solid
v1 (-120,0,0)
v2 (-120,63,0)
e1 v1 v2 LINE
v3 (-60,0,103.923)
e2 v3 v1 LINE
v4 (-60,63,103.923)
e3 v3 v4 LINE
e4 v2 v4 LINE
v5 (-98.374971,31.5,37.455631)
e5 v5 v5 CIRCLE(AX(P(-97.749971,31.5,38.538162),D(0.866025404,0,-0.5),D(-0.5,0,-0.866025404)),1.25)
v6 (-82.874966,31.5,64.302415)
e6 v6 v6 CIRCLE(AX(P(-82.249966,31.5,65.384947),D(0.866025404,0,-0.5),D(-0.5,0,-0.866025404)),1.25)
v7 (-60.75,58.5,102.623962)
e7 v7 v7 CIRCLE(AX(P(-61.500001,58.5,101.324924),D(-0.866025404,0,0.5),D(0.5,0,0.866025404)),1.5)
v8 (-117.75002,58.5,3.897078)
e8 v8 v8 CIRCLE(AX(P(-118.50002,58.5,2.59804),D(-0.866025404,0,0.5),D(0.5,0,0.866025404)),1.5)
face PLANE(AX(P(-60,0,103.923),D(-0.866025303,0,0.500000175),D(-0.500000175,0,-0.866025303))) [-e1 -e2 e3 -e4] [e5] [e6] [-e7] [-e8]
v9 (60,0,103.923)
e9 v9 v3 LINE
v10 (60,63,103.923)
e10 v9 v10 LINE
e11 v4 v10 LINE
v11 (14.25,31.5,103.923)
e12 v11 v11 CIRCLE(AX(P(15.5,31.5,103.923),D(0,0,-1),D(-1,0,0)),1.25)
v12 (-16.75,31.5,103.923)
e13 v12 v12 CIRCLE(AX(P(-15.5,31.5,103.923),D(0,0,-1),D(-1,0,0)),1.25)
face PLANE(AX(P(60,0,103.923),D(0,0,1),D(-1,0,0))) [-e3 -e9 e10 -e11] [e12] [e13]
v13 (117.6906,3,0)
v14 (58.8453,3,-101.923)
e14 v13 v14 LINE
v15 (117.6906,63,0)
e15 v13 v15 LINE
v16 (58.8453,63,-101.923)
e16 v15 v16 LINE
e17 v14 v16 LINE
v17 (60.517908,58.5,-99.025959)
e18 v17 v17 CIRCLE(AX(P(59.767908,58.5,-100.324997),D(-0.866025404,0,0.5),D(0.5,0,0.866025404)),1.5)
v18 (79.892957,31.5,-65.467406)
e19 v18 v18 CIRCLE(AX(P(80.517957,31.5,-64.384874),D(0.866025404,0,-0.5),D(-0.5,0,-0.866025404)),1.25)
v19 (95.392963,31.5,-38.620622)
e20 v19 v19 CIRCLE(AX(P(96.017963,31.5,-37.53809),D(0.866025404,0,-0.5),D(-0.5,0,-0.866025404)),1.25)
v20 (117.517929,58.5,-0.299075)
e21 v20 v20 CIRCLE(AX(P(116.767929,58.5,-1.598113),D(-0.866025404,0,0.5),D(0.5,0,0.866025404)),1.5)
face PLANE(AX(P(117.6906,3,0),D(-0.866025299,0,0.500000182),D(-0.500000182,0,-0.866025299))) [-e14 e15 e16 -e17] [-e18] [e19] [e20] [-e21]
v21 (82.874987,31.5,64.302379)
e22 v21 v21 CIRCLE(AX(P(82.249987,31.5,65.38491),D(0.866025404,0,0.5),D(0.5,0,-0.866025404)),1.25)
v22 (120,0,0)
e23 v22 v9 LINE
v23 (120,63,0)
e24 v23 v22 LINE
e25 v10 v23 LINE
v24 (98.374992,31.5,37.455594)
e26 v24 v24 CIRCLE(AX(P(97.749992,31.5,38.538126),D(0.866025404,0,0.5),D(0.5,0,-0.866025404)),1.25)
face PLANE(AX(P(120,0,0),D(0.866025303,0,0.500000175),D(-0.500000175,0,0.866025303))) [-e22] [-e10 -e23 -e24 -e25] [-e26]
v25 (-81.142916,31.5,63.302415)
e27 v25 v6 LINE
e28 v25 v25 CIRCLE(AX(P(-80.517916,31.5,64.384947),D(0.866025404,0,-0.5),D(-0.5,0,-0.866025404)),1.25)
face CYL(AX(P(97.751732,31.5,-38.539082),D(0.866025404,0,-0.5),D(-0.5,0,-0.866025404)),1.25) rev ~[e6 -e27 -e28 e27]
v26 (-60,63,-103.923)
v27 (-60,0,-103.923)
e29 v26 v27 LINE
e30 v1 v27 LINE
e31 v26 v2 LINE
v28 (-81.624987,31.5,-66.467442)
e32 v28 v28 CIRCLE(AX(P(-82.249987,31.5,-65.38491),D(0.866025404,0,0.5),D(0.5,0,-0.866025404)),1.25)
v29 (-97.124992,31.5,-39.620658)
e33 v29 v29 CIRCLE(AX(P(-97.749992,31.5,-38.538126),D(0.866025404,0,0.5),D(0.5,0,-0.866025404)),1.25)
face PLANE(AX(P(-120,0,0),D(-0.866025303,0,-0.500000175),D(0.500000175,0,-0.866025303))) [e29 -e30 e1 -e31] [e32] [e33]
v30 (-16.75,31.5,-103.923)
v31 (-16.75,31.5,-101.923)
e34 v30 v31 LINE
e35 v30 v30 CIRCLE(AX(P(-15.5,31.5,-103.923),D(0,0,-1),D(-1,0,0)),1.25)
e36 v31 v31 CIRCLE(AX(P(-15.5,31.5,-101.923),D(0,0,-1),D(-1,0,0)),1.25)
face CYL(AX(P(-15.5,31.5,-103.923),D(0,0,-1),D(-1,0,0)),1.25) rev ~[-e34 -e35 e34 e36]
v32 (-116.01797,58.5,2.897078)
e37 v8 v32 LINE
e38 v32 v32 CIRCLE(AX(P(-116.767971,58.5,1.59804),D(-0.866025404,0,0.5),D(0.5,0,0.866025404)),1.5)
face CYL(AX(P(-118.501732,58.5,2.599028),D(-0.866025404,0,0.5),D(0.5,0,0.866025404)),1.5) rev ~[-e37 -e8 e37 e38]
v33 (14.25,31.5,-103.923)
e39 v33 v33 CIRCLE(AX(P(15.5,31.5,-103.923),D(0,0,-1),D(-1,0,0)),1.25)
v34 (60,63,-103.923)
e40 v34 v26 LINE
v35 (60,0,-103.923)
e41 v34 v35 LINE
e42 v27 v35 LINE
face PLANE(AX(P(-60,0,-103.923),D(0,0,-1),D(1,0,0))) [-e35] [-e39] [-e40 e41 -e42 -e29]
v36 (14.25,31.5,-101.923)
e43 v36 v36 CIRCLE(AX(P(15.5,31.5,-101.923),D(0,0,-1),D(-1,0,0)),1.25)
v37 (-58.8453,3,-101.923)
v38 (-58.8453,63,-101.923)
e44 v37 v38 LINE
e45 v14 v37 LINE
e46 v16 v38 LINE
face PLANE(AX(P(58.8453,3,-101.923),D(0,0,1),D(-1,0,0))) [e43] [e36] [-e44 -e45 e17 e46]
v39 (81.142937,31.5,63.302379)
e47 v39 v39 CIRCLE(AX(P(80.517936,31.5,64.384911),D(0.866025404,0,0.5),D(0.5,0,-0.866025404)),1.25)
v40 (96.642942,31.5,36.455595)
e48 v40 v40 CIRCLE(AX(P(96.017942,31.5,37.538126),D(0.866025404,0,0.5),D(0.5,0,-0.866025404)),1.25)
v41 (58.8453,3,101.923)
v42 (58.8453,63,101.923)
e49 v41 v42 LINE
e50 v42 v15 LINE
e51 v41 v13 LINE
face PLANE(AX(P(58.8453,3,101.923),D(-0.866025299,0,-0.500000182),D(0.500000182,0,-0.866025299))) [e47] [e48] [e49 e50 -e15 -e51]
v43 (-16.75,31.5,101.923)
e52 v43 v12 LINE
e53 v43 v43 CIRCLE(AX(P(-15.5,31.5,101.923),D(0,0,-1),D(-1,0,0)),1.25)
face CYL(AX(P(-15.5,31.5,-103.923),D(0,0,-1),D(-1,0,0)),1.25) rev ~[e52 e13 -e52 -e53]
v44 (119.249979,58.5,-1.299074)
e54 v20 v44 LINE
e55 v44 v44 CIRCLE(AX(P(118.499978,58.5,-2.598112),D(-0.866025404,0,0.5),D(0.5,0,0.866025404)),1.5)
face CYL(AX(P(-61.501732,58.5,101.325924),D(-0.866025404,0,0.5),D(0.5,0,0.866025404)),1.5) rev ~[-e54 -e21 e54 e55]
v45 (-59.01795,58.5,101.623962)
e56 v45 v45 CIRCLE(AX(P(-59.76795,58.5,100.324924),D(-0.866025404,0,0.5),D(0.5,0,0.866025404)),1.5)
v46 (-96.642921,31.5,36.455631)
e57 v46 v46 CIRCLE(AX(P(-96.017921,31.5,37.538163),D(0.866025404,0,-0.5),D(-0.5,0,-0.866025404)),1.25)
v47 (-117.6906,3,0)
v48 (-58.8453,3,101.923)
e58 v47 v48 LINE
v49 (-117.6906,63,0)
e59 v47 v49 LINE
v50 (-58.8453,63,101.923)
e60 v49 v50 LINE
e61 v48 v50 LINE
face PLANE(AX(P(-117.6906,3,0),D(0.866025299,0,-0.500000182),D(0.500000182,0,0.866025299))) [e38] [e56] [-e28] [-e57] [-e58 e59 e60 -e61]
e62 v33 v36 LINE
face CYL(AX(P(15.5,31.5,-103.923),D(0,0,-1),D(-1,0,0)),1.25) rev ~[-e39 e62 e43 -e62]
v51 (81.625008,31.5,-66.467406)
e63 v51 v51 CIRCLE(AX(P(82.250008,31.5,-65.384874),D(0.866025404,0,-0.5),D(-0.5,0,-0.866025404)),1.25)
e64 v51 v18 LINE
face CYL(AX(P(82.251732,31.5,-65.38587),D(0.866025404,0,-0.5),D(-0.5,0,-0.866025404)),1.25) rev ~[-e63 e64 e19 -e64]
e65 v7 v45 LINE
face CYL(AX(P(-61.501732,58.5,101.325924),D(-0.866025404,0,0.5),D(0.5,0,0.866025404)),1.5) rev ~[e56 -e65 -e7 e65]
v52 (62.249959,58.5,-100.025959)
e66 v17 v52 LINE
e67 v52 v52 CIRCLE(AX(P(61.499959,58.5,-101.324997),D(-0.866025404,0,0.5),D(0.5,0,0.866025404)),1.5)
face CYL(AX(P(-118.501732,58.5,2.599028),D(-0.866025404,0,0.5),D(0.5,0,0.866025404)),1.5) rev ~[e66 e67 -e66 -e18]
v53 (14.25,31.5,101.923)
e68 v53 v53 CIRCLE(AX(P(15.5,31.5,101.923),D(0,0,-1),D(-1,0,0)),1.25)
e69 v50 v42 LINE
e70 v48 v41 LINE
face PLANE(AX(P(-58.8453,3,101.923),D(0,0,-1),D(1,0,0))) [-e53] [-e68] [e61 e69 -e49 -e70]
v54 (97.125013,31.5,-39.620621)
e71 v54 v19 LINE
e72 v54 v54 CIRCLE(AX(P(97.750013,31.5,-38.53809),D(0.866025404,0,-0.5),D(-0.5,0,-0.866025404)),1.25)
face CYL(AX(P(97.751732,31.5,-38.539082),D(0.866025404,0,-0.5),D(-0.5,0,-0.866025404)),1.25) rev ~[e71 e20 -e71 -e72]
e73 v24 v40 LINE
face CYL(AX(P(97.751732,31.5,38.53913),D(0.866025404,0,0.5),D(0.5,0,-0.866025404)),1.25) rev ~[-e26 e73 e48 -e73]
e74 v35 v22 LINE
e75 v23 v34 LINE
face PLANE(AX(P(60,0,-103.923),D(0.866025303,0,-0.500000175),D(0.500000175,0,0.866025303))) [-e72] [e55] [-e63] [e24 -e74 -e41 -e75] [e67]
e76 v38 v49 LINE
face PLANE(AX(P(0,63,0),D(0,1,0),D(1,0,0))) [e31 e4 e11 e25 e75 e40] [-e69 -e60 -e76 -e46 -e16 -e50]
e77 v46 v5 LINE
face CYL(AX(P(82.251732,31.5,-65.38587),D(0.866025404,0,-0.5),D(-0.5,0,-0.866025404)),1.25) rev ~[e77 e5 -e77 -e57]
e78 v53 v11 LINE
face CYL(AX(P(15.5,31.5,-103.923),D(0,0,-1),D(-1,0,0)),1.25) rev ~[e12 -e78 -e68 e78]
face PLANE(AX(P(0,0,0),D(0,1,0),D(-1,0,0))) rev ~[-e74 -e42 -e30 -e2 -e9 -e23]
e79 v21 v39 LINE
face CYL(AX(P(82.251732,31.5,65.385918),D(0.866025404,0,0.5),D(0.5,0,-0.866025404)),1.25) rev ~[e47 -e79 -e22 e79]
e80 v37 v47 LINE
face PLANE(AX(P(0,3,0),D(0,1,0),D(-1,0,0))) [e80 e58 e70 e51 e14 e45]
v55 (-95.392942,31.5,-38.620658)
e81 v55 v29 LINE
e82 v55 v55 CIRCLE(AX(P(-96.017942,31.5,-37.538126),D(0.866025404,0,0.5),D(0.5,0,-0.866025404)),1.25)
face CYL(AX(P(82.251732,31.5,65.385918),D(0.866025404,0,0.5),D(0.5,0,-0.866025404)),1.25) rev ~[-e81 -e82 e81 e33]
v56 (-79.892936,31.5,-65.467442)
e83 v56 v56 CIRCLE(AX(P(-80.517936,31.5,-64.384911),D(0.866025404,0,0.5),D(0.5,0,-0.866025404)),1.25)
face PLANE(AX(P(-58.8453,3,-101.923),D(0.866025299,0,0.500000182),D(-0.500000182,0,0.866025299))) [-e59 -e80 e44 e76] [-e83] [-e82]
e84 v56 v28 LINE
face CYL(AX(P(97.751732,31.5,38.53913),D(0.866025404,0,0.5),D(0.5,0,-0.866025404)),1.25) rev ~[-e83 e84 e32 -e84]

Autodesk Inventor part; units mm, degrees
ref_plane "YZ Plane" through (0, 0, 0) normal (1, 0, 0) x (0, 1, 0)
ref_plane "XZ Plane" through (0, 0, 0) normal (0, 1, 0) x (-1, 0, 0)
ref_plane "XY Plane" through (0, 0, 0) normal (0, 0, 1) x (1, 0, 0)
sketch "Boceto1" plane through (0, 0, 0) normal (0, 1, 0) x (-1, 0, 0)
  line L0 (120, 0) -> (60, -103.923)
  line L1 (60, -103.923) -> (-60, -103.923)
  line L2 (-60, -103.923) -> (-120, 0)
  line L3 (-120, 0) -> (-60, 103.923)
  line L4 (-60, 103.923) -> (60, 103.923)
  line L5 (60, 103.923) -> (120, 0)
  point P0 (0, 0)
  point P1 (0, 0)
  dimension "d0" = 120
extrude "Extrusión1" add sketch "Boceto1" along normal blind 3
sketch "Boceto2" plane through (0, 3, 0) normal (0, 1, 0) x (1, 0, 0)
  line L0 (-60, -103.923) -> (60, -103.923) projected
  line L1 (60, -103.923) -> (120, 0) projected
  line L2 (120, 0) -> (60, 103.923) projected
  line L3 (60, 103.923) -> (-60, 103.923) projected
  line L4 (-60, 103.923) -> (-120, 0) projected
  line L5 (-120, 0) -> (-60, -103.923) projected
  line L6 (-58.8453, -101.923) -> (58.8453, -101.923)
  line L7 (58.8453, -101.923) -> (117.6906, 0)
  line L8 (117.6906, 0) -> (58.8453, 101.923)
  line L9 (58.8453, 101.923) -> (-58.8453, 101.923)
  line L10 (-58.8453, 101.923) -> (-117.6906, 0)
  line L11 (-117.6906, 0) -> (-58.8453, -101.923)
  point P0 (0, 0)
  dimension "d3" = 2
extrude "Extrusión2" add sketch "Boceto2" along normal blind 60
sketch "Boceto5" plane through (120, 0, 0) normal (0.866, 0, 0.5) x (0.5, 0, -0.866)
  line L0 (-120, 0) -> (0, 0) projected
  line L1 (0, 0) -> (0, 63) projected
  line L2 (-120, 63) -> (0, 63) projected
  line L3 (-120, 0) -> (-120, 63) projected
  point P0 (-60, 0)
sketch "Boceto9" plane through (-60, 0, 103.923) normal (-0.866, 0, 0.5) x (0.5, 0, 0.866)
  circle A0 centre (-117, 58.5) radius 1.5 projected
  circle A1 centre (-3, 58.5) radius 1.5 projected
  point P0 (-60, 0)
extrude "Extrusión7" cut sketch "Boceto9" against normal blind 220
sketch "Boceto10" plane through (-120, 0, 0) normal (-0.866, 0, -0.5) x (-0.5, 0, 0.866)
  line L0 (-120, 0) -> (0, 0) projected
  line L1 (0, 0) -> (0, 63) projected
  line L2 (-120, 63) -> (0, 63) projected
  line L3 (-120, 0) -> (-120, 63) projected
  line L4 (-120, 63) -> (-120, 31.5)
  line L5 (-120, 31.5) -> (-60, 31.5)
  line L6 (-60, 31.5) -> (-60, 0)
  dimension "d19" = 31.5
  dimension "d20" = 60
sketch "Boceto12" plane through (60, 0, -103.923) normal (0, 0, -1) x (-1, 0, 0)
  line L0 (120, 0) -> (120, 63) projected
  line L1 (120, 31.5) -> (60, 31.5)
  line L2 (60, 31.5) -> (60, 0)
  dimension "d23" = 60
sketch "Boceto13" plane through (60, 0, -103.923) normal (0, 0, -1) x (-1, 0, 0)
  circle A0 centre (44.5, 31.5) radius 1.25 projected
  circle A1 centre (75.5, 31.5) radius 1.25 projected
  point P0 (60, 0)
extrude "Extrusión9" cut sketch "Boceto13" against normal blind 220
sketch "Boceto14" plane through (60, 0, -103.923) normal (0.866, 0, -0.5) x (-0.5, 0, -0.866)
  line L0 (-60, 0) -> (-60, 31.5)
  line L1 (-60, 31.5) -> (0, 31.5)
  dimension "d26" = 31.5
sketch "Boceto15" plane through (60, 0, -103.923) normal (0.866, 0, -0.5) x (-0.5, 0, -0.866)
  circle A0 centre (-75.5, 31.5) radius 1.25 projected
  circle A1 centre (-44.5, 31.5) radius 1.25 projected
  point P0 (-60, 0)
extrude "Extrusión10" cut sketch "Boceto15" against normal blind 220
sketch "Boceto16" plane through (120, 0, 0) normal (0.866, 0, 0.5) x (0.5, 0, -0.866)
  line L0 (-60, 0) -> (-60, 31.5)
  line L1 (-60, 31.5) -> (0, 31.5)
  line L2 (0, 0) -> (0, 63) projected
  dimension "d29" = 31.5
sketch "Boceto17" plane through (120, 0, 0) normal (0.866, 0, 0.5) x (0.5, 0, -0.866)
  circle A0 centre (-75.5, 31.5) radius 1.25 projected
  circle A1 centre (-44.5, 31.5) radius 1.25 projected
  point P0 (-60, 0)
extrude "Extrusión11" cut sketch "Boceto17" against normal blind 220
properties part number "BaseHEX"
